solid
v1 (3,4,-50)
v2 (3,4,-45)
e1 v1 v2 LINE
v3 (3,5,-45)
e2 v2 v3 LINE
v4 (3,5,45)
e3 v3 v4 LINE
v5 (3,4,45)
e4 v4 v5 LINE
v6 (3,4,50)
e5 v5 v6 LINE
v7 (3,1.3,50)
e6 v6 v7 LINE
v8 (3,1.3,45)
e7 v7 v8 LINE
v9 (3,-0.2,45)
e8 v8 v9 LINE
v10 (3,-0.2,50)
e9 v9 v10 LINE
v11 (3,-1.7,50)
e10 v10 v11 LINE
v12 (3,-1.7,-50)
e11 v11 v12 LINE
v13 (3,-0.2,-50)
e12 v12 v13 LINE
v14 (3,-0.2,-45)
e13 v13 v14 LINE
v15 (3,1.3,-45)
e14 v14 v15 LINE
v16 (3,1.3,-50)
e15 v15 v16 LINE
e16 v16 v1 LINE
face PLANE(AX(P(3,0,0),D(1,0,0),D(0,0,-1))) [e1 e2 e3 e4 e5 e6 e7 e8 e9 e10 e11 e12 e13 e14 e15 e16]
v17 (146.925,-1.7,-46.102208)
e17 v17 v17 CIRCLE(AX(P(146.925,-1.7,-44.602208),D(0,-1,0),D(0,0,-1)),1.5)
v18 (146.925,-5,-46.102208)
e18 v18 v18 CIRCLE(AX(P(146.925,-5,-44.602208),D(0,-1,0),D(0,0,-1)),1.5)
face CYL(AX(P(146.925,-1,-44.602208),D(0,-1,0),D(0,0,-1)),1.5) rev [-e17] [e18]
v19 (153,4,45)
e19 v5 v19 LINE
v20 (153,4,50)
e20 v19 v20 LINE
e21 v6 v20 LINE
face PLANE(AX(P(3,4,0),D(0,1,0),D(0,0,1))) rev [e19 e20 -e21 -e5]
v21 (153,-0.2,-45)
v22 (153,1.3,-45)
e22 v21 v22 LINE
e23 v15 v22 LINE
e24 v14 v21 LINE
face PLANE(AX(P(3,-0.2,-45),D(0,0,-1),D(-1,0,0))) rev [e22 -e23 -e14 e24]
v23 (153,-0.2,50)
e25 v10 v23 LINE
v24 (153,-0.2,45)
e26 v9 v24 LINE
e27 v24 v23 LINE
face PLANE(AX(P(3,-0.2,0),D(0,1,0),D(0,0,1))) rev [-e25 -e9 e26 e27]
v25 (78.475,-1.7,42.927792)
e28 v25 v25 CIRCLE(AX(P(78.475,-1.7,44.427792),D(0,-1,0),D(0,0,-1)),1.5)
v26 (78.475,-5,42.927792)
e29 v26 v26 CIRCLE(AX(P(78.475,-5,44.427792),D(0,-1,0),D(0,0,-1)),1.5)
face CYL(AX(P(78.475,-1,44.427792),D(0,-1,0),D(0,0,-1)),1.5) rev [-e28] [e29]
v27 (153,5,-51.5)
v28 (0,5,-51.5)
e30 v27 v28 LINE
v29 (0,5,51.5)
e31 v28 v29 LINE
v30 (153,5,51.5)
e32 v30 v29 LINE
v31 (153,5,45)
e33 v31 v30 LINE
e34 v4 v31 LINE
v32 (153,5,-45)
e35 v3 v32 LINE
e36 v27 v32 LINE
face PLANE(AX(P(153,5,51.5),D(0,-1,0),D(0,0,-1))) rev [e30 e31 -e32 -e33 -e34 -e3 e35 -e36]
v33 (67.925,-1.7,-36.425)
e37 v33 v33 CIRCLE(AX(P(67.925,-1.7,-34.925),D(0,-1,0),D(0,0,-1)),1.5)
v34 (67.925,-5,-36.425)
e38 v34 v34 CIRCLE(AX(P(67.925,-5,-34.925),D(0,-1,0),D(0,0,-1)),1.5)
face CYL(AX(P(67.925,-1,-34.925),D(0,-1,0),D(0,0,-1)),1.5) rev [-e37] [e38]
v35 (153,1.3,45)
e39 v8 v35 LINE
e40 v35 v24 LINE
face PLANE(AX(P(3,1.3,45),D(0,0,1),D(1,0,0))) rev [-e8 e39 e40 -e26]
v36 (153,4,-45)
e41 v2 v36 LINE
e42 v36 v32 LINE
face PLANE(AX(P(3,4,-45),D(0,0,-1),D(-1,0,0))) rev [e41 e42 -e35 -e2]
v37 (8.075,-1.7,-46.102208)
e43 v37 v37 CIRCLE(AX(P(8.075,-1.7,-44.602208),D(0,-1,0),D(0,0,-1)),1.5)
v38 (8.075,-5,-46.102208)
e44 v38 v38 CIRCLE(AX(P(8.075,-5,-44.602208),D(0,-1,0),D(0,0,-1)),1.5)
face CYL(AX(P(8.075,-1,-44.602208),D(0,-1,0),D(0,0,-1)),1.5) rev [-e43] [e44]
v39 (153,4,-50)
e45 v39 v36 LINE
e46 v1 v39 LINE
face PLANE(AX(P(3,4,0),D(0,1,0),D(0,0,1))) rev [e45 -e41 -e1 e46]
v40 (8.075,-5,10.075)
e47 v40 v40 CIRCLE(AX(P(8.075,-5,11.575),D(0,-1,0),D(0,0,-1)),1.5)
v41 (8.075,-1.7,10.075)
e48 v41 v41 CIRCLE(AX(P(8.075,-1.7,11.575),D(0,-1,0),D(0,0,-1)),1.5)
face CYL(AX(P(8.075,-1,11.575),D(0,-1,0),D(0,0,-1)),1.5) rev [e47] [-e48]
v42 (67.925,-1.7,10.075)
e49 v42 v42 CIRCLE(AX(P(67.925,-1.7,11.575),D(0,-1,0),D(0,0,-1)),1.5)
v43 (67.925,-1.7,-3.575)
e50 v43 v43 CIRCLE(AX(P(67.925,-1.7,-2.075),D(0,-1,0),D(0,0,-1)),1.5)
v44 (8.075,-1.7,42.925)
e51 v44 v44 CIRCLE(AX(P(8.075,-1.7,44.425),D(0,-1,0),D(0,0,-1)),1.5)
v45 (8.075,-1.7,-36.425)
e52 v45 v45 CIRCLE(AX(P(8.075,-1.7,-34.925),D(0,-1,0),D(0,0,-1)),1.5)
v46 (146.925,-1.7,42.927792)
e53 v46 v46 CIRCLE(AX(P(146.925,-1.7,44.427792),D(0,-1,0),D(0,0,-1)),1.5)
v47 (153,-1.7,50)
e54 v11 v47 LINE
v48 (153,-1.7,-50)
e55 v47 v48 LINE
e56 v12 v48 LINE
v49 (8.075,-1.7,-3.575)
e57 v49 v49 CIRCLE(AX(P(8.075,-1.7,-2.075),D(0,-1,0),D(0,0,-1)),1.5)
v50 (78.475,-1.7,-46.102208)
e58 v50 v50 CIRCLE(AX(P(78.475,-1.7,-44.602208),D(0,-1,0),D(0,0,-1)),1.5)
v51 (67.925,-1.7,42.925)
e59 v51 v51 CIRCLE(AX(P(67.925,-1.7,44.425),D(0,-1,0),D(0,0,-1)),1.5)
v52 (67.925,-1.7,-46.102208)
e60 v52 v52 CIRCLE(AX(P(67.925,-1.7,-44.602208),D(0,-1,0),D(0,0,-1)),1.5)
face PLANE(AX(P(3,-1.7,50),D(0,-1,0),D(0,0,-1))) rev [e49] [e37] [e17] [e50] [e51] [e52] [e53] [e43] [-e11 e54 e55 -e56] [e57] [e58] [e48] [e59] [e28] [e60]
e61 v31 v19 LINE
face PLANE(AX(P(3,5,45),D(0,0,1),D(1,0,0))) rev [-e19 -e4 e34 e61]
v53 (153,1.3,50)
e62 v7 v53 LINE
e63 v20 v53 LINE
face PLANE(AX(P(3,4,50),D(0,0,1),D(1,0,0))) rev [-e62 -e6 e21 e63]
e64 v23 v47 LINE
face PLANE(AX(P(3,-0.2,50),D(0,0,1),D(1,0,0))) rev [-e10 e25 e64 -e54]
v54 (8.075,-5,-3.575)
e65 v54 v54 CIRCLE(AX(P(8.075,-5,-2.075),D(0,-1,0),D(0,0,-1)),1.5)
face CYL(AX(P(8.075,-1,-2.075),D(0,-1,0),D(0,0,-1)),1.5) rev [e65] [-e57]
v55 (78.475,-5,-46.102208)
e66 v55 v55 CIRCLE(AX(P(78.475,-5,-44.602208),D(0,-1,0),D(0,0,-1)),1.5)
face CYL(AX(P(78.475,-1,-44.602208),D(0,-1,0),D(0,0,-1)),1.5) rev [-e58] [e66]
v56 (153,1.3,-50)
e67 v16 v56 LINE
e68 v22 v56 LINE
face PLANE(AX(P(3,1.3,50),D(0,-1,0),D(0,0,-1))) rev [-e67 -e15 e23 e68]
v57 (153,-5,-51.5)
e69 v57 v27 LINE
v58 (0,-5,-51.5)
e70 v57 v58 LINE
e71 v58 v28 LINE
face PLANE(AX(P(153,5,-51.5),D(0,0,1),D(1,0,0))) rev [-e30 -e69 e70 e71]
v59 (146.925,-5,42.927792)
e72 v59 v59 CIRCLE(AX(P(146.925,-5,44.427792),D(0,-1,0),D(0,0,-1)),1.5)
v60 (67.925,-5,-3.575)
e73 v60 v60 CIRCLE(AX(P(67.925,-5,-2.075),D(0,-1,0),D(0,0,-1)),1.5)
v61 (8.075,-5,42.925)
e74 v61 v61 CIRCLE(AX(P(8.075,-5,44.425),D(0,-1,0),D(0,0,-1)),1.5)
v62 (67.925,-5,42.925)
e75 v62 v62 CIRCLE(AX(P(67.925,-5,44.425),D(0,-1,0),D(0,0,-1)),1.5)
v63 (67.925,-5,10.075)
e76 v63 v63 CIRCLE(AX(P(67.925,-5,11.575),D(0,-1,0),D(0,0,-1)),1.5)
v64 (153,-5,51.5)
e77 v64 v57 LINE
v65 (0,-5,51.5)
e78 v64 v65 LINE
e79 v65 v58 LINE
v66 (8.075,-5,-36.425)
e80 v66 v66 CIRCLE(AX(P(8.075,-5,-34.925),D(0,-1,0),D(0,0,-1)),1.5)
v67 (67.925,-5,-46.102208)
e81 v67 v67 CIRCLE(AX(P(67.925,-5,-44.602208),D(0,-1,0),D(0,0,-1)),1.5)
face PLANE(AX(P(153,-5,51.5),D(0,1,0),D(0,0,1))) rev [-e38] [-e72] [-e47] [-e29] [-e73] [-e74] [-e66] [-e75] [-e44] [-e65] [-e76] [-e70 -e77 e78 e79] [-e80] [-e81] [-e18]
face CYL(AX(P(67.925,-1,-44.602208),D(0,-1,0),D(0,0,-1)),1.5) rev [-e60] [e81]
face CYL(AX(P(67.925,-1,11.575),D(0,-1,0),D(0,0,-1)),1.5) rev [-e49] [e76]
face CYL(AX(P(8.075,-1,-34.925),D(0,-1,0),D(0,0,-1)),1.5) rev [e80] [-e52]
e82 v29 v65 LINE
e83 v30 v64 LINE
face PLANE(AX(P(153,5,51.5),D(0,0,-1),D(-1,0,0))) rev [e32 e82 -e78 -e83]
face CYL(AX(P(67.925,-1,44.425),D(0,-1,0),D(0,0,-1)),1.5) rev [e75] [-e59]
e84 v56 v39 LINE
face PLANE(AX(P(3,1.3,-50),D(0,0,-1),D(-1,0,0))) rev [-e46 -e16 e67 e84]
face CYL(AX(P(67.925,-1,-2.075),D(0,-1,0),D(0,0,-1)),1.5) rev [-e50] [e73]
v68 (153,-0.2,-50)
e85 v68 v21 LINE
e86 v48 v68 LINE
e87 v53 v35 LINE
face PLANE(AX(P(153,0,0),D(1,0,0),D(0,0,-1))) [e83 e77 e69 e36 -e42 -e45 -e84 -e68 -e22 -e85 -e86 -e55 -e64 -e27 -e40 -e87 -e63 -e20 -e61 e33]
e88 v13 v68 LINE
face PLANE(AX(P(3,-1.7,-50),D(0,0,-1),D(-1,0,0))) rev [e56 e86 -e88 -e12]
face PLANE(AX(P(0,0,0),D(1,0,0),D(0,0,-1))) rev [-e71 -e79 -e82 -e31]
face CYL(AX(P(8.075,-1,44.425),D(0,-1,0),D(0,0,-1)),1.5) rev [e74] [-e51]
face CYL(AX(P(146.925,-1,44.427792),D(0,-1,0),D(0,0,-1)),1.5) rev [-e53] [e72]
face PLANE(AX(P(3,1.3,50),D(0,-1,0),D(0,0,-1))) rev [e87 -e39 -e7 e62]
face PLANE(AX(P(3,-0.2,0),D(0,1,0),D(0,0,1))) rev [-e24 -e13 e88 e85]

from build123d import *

# Parameters (mm, degrees)
SKETCH_1_W          = 103
SKETCH_1_H          = 10
EXTRUDE_1_DEPTH     = 153
CUT_EXTRUDE_1_DEPTH = 150
CUT_EXTRUDE_2_DEPTH = 150
CUT_EXTRUDE_3_DEPTH = 150
CUT_EXTRUDE_4_DEPTH = 150
CUT_EXTRUDE_6_DEPTH = 4
SKETCH_7_R          = 1.5
CUT_EXTRUDE_7_DEPTH = 4


with BuildPart() as part:
    # 草图1 → 凸台-拉伸1 (new body)
    with BuildSketch(Plane(origin=(0, 0, 0), x_dir=(0, 0, -1), z_dir=(1, 0, 0))):
        Rectangle(SKETCH_1_W, SKETCH_1_H)
    extrude(amount=EXTRUDE_1_DEPTH)

    # 草图2 → 切除-拉伸1 (cut)
    with BuildSketch(Plane(origin=(153, 0, 0), x_dir=(0, 0, -1), z_dir=(1, 0, 0))):
        Polygon((0, 5), (-45, 5), (-45, 4), (45, 4), (45, 5), align=None)
    extrude(amount=-CUT_EXTRUDE_1_DEPTH, mode=Mode.SUBTRACT)

    # 草图3 → 切除-拉伸2 (cut)
    with BuildSketch(Plane(origin=(153, 0, 0), x_dir=(0, 0, -1), z_dir=(1, 0, 0))):
        Polygon((0, 4), (-50, 4), (-50, 1.3), (50, 1.3), (50, 4), align=None)
    extrude(amount=-CUT_EXTRUDE_2_DEPTH, mode=Mode.SUBTRACT)

    # 草图4 → 切除-拉伸3 (cut)
    with BuildSketch(Plane(origin=(153, 0, 0), x_dir=(0, 0, -1), z_dir=(1, 0, 0))):
        Polygon((0, 1.3), (-45, 1.3), (-45, -0.2), (45, -0.2), (45, 1.3), align=None)
    extrude(amount=-CUT_EXTRUDE_3_DEPTH, mode=Mode.SUBTRACT)

    # 草图5 → 切除-拉伸4 (cut)
    with BuildSketch(Plane(origin=(153, 0, 0), x_dir=(0, 0, -1), z_dir=(1, 0, 0))):
        Polygon((0, -0.2), (-50, -0.2), (-50, -1.7), (50, -1.7), (50, -0.2), align=None)
    extrude(amount=-CUT_EXTRUDE_4_DEPTH, mode=Mode.SUBTRACT)

    # 草图6 → 切除-拉伸6 (cut)
    with BuildSketch(Plane.XZ.offset(5)):
        with BuildLine():
            Line((78.475, 42.927791829), (78.475, 44.427791829))
            Line((78.475, 44.427791829), (79.975, 44.427791829))
            ThreePointArc((79.975, 44.427791829), (77.414339828, 45.488452001), (78.475, 42.927791829))
        make_face()
        with BuildLine():
            Line((79.975, 44.427791829), (78.475, 44.427791829))
            Line((78.475, 44.427791829), (78.475, 42.927791829))
            ThreePointArc((78.475, 42.927791829), (79.535660172, 43.367131657), (79.975, 44.427791829))
        make_face()
        with BuildLine():
            ThreePointArc((148.425, 44.427791829), (146.925, 45.927791829), (145.425, 44.427791829))
            Line((145.425, 44.427791829), (146.925, 44.427791829))
            Line((146.925, 44.427791829), (146.925, 42.927791829))
            ThreePointArc((146.925, 42.927791829), (147.985660172, 43.367131657), (148.425, 44.427791829))
        make_face()
        with BuildLine():
            Line((146.925, 44.427791829), (145.425, 44.427791829))
            ThreePointArc((145.425, 44.427791829), (145.864339828, 43.367131657), (146.925, 42.927791829))
            Line((146.925, 42.927791829), (146.925, 44.427791829))
        make_face()
        with BuildLine():
            ThreePointArc((79.975, -44.602208171), (79.535660172, -43.541547999), (78.475, -43.102208171))
            Line((78.475, -43.102208171), (78.475, -44.602208171))
            Line((78.475, -44.602208171), (79.975, -44.602208171))
        make_face()
        with BuildLine():
            Line((78.475, -44.602208171), (78.475, -43.102208171))
            ThreePointArc((78.475, -43.102208171), (77.414339828, -45.662868343), (79.975, -44.602208171))
            Line((79.975, -44.602208171), (78.475, -44.602208171))
        make_face()
        with BuildLine():
            ThreePointArc((148.425, -44.602208171), (147.985660172, -43.541547999), (146.925, -43.102208171))
            Line((146.925, -43.102208171), (146.925, -44.602208171))
            Line((146.925, -44.602208171), (145.425, -44.602208171))
            ThreePointArc((145.425, -44.602208171), (146.925, -46.102208171), (148.425, -44.602208171))
        make_face()
        with BuildLine():
            Line((146.925, -44.602208171), (146.925, -43.102208171))
            ThreePointArc((146.925, -43.102208171), (145.864339828, -43.541547999), (145.425, -44.602208171))
            Line((145.425, -44.602208171), (146.925, -44.602208171))
        make_face()
    extrude(amount=-CUT_EXTRUDE_6_DEPTH, mode=Mode.SUBTRACT)

    # 草图7 → 切除-拉伸7 (cut)
    with BuildSketch(Plane.XZ.offset(5)):
        with BuildLine():
            Line((8.075, 42.925), (8.075, 44.425))
            Line((8.075, 44.425), (9.575, 44.425))
            ThreePointArc((9.575, 44.425), (7.014339828, 45.485660172), (8.075, 42.925))
        make_face()
        with BuildLine():
            Line((9.575, 44.425), (8.075, 44.425))
            Line((8.075, 44.425), (8.075, 42.925))
            ThreePointArc((8.075, 42.925), (9.135660172, 43.364339828), (9.575, 44.425))
        make_face()
        with BuildLine():
            ThreePointArc((69.425, 44.425), (67.925, 45.925), (66.425, 44.425))
            Line((66.425, 44.425), (67.925, 44.425))
            Line((67.925, 44.425), (67.925, 42.925))
            ThreePointArc((67.925, 42.925), (68.985660172, 43.364339828), (69.425, 44.425))
        make_face()
        with BuildLine():
            Line((67.925, 44.425), (66.425, 44.425))
            ThreePointArc((66.425, 44.425), (66.864339828, 43.364339828), (67.925, 42.925))
            Line((67.925, 42.925), (67.925, 44.425))
        make_face()
        with BuildLine():
            Line((8.075, -3.575), (8.075, -2.075))
            Line((8.075, -2.075), (9.575, -2.075))
            ThreePointArc((9.575, -2.075), (7.014339828, -1.014339828), (8.075, -3.575))
        make_face()
        with BuildLine():
            Line((9.575, -2.075), (8.075, -2.075))
            Line((8.075, -2.075), (8.075, -3.575))
            ThreePointArc((8.075, -3.575), (9.135660172, -3.135660172), (9.575, -2.075))
        make_face()
        with BuildLine():
            ThreePointArc((69.425, -2.075), (67.925, -0.575), (66.425, -2.075))
            Line((66.425, -2.075), (67.925, -2.075))
            Line((67.925, -2.075), (67.925, -3.575))
            ThreePointArc((67.925, -3.575), (68.985660172, -3.135660172), (69.425, -2.075))
        make_face()
        with BuildLine():
            Line((67.925, -2.075), (66.425, -2.075))
            ThreePointArc((66.425, -2.075), (66.864339828, -3.135660172), (67.925, -3.575))
            Line((67.925, -3.575), (67.925, -2.075))
        make_face()
        with BuildLine():
            ThreePointArc((69.425, 11.575), (68.985660172, 12.635660172), (67.925, 13.075))
            Line((67.925, 13.075), (67.925, 11.575))
            Line((67.925, 11.575), (66.425, 11.575))
            ThreePointArc((66.425, 11.575), (67.925, 10.075), (69.425, 11.575))
        make_face()
        with BuildLine():
            Line((67.925, 11.575), (67.925, 13.075))
            ThreePointArc((67.925, 13.075), (66.864339828, 12.635660172), (66.425, 11.575))
            Line((66.425, 11.575), (67.925, 11.575))
        make_face()
        with BuildLine():
            ThreePointArc((9.575, 11.575), (9.135660172, 12.635660172), (8.075, 13.075))
            Line((8.075, 13.075), (8.075, 11.575))
            Line((8.075, 11.575), (9.575, 11.575))
        make_face()
        with BuildLine():
            Line((8.075, 11.575), (8.075, 13.075))
            ThreePointArc((8.075, 13.075), (7.014339828, 10.514339828), (9.575, 11.575))
            Line((9.575, 11.575), (8.075, 11.575))
        make_face()
        with BuildLine():
            ThreePointArc((9.575, -34.925), (9.135660172, -33.864339828), (8.075, -33.425))
            Line((8.075, -33.425), (8.075, -34.925))
            Line((8.075, -34.925), (9.575, -34.925))
        make_face()
        with BuildLine():
            Line((8.075, -34.925), (8.075, -33.425))
            ThreePointArc((8.075, -33.425), (7.014339828, -35.985660172), (9.575, -34.925))
            Line((9.575, -34.925), (8.075, -34.925))
        make_face()
        with BuildLine():
            ThreePointArc((69.425, -34.925), (68.985660172, -33.864339828), (67.925, -33.425))
            Line((67.925, -33.425), (67.925, -34.925))
            Line((67.925, -34.925), (66.425, -34.925))
            ThreePointArc((66.425, -34.925), (67.925, -36.425), (69.425, -34.925))
        make_face()
        with BuildLine():
            Line((67.925, -34.925), (67.925, -33.425))
            ThreePointArc((67.925, -33.425), (66.864339828, -33.864339828), (66.425, -34.925))
            Line((66.425, -34.925), (67.925, -34.925))
        make_face()
        with Locations(Location((67.925, -44.602208171, 0), (0, 0, 270))):
            Circle(SKETCH_7_R)
        with Locations(Location((8.075, -44.602208171, 0), (0, 0, 270))):
            Circle(SKETCH_7_R)
    extrude(amount=-CUT_EXTRUDE_7_DEPTH, mode=Mode.SUBTRACT)


solid = part.part
